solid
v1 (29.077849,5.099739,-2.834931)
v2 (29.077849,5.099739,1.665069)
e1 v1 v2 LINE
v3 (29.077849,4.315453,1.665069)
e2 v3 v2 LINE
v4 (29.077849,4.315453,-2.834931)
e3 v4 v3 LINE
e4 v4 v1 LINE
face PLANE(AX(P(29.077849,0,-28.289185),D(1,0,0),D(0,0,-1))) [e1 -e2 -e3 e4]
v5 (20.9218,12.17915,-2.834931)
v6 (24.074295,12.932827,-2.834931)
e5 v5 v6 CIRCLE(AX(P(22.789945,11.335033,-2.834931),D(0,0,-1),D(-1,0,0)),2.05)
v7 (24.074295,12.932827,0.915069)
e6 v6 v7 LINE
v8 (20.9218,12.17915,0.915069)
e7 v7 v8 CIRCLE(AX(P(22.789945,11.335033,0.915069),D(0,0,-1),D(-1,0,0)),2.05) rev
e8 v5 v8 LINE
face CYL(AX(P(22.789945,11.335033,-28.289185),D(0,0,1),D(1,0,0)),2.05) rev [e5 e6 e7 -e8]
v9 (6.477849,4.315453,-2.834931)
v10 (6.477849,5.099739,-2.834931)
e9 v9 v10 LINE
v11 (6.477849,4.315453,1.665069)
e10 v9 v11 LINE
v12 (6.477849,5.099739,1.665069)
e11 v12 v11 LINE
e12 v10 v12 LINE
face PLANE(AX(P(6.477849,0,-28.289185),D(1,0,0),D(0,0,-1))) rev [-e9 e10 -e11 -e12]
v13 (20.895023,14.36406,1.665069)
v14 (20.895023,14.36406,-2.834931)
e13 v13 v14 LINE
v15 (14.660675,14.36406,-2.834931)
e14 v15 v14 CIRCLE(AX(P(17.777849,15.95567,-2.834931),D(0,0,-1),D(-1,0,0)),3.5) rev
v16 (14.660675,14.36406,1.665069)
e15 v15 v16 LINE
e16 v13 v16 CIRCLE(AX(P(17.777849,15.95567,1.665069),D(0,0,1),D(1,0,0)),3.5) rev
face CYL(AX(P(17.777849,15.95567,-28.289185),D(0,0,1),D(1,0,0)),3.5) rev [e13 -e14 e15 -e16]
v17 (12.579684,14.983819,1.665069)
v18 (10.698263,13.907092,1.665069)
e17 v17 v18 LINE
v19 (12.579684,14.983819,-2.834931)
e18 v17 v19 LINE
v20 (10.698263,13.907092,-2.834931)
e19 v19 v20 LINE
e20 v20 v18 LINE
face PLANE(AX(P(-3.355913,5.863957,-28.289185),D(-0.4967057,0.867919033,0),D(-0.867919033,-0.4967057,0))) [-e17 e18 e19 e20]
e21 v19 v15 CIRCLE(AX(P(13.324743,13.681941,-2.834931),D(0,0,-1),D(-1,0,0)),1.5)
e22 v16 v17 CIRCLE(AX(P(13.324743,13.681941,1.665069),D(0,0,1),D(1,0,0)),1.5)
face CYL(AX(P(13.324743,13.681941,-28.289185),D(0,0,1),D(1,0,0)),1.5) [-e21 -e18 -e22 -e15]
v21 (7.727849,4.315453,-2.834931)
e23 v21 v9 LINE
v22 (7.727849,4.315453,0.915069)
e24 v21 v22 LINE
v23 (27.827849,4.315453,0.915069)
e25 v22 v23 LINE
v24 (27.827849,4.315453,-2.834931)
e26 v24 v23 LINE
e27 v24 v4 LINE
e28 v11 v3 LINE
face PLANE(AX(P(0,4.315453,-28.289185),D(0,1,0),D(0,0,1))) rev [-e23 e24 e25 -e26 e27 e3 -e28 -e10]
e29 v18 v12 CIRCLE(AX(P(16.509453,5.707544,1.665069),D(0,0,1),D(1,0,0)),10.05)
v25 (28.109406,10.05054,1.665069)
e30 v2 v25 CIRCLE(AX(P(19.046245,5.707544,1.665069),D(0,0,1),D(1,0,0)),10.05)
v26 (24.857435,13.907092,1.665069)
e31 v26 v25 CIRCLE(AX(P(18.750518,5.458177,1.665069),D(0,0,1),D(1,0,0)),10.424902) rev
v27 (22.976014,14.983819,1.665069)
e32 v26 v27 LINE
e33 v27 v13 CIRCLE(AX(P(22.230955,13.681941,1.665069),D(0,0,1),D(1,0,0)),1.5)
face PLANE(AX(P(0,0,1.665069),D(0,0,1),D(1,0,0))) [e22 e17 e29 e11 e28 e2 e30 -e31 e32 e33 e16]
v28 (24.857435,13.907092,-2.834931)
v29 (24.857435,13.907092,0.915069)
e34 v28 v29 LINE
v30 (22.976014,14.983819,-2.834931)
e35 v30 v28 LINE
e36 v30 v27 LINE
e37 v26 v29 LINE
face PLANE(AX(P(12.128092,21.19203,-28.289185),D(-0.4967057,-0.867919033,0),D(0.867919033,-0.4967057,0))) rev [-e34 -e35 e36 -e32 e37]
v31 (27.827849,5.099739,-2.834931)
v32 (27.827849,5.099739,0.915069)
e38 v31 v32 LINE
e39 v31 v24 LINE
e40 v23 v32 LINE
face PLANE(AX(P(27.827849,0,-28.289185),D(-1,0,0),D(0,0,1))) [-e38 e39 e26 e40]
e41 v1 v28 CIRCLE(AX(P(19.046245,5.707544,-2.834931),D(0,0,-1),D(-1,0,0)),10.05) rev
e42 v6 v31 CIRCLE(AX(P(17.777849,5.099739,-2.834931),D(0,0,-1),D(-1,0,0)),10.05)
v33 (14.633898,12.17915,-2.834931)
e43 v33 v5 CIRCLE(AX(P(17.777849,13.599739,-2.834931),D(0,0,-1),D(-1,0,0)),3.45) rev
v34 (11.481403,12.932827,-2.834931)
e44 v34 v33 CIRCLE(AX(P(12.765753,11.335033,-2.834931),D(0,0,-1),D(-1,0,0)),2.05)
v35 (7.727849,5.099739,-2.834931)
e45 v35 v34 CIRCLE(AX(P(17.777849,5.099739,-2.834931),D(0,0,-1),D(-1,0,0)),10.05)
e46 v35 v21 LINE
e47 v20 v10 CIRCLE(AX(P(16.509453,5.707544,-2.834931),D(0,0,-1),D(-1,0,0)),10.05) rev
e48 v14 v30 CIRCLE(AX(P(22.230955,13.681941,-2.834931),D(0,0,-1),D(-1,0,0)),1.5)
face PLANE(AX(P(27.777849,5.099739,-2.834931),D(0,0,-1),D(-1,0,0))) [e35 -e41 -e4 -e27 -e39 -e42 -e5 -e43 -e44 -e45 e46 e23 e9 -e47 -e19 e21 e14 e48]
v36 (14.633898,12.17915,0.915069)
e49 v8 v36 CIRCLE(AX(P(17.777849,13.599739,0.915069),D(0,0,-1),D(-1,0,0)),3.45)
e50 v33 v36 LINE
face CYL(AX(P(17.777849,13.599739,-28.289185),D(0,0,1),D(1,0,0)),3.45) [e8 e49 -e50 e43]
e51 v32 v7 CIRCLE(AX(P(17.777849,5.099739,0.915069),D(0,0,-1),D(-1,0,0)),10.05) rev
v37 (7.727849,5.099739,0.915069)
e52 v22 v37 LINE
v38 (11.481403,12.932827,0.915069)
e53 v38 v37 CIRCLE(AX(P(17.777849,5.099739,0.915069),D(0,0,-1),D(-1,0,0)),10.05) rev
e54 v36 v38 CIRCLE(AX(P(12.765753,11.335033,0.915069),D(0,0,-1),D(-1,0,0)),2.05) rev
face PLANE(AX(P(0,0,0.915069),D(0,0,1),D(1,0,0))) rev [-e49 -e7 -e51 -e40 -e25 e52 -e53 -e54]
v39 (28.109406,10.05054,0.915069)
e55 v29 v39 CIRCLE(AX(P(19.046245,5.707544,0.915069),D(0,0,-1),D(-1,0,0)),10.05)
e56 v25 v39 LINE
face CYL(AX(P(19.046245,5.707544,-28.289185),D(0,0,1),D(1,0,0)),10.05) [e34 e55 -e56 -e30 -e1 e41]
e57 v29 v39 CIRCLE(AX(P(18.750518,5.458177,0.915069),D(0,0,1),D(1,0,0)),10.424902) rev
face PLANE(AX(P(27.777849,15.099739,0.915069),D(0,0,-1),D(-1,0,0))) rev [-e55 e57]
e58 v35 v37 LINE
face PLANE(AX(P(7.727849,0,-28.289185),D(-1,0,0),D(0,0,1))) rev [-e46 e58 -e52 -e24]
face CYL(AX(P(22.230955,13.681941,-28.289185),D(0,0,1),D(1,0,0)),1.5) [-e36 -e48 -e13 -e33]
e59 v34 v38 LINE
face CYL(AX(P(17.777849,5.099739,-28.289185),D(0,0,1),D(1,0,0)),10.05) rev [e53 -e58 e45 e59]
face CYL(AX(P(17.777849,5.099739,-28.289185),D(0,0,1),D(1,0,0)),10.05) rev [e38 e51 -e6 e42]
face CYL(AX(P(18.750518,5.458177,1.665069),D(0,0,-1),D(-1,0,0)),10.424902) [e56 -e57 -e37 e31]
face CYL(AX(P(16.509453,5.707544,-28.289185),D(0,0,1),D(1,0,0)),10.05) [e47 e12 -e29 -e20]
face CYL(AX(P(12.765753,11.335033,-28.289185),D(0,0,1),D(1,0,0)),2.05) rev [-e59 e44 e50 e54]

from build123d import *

# Parameters (mm, degrees)
BOSS_EXTRUDE1_DEPTH      = 0.915069
BOSS_EXTRUDE1_DEPTH_BACK = 2.834931
FILLET1_R                = 1.5
BOSS_EXTRUDE2_DEPTH      = 0.75


with BuildPart() as part:
    # Sketch1 → Boss-Extrude1 (new body, two sides)
    with BuildSketch(Plane.XY) as boss_extrude1_sk:
        with BuildLine():
            Line((7.72784891, 5.099738578), (7.72784891, 4.315453477))
            Line((7.72784891, 4.315453477), (6.47784891, 4.315453477))
            Line((6.47784891, 4.315453477), (6.47784891, 5.099738578))
            ThreePointArc((6.47784891, 5.099738578), (7.446291457, 10.050539659), (10.698263175, 13.90709152))
            Line((10.698263175, 13.90709152), (14.27784891, 15.955670445))
            ThreePointArc((14.27784891, 15.955670445), (17.77784891, 12.455670445), (21.27784891, 15.955670445))
            Line((21.27784891, 15.955670445), (24.857434644, 13.90709152))
            ThreePointArc((24.857434644, 13.90709152), (28.109406362, 10.050539659), (29.07784891, 5.099738578))
            Line((29.07784891, 5.099738578), (29.07784891, 4.315453477))
            Line((29.07784891, 4.315453477), (27.82784891, 4.315453477))
            Line((27.82784891, 4.315453477), (27.82784891, 5.099738578))
            ThreePointArc((27.82784891, 5.099738578), (26.841010044, 9.442734118), (24.074294629, 12.932826814))
            ThreePointArc((24.074294629, 12.932826814), (22.313278152, 13.328845303), (20.921800097, 12.179150343))
            ThreePointArc((20.921800097, 12.179150343), (17.77784891, 10.149738578), (14.633897723, 12.179150343))
            ThreePointArc((14.633897723, 12.179150343), (13.242419668, 13.328845303), (11.48140319, 12.932826814))
            ThreePointArc((11.48140319, 12.932826814), (8.714687776, 9.442734118), (7.72784891, 5.099738578))
        make_face()
    extrude(amount=BOSS_EXTRUDE1_DEPTH)
    extrude(boss_extrude1_sk.sketch, amount=-BOSS_EXTRUDE1_DEPTH_BACK)

    # Fillet1
    fillet1_edges = [part.edges().sort_by_distance(p)[0] for p in [
        (21.27784891, 15.955670445, -0.959931),
        (14.27784891, 15.955670445, -0.959931),
    ]]
    fillet(fillet1_edges, radius=FILLET1_R)

    # Sketch3 → Boss-Extrude2 (add)
    with BuildSketch(Plane.XY.offset(0.915069038)):
        with BuildLine():
            Line((12.579684297, 14.983819371), (10.698263175, 13.90709152))
            ThreePointArc((10.698263175, 13.90709152), (7.446291457, 10.050539659), (6.47784891, 5.099738578))
            Line((6.47784891, 5.099738578), (6.47784891, 4.315453477))
            Line((6.47784891, 4.315453477), (29.07784891, 4.315453477))
            Line((29.07784891, 4.315453477), (29.07784891, 5.099738578))
            ThreePointArc((29.07784891, 5.099738578), (28.909313649, 7.636891502), (28.109406362, 10.050539659))
            ThreePointArc((28.109406362, 10.050539659), (26.72021242, 12.178486343), (24.857434644, 13.90709152))
            Line((24.857434644, 13.90709152), (22.976013523, 14.983819371))
            ThreePointArc((22.976013523, 14.983819371), (21.80280977, 15.119540101), (20.895023154, 14.364059709))
            ThreePointArc((20.895023154, 14.364059709), (17.77784891, 12.455670445), (14.660674666, 14.364059709))
            ThreePointArc((14.660674666, 14.364059709), (13.75288805, 15.119540101), (12.579684297, 14.983819371))
        make_face()
    extrude(amount=BOSS_EXTRUDE2_DEPTH)


solid = part.part
